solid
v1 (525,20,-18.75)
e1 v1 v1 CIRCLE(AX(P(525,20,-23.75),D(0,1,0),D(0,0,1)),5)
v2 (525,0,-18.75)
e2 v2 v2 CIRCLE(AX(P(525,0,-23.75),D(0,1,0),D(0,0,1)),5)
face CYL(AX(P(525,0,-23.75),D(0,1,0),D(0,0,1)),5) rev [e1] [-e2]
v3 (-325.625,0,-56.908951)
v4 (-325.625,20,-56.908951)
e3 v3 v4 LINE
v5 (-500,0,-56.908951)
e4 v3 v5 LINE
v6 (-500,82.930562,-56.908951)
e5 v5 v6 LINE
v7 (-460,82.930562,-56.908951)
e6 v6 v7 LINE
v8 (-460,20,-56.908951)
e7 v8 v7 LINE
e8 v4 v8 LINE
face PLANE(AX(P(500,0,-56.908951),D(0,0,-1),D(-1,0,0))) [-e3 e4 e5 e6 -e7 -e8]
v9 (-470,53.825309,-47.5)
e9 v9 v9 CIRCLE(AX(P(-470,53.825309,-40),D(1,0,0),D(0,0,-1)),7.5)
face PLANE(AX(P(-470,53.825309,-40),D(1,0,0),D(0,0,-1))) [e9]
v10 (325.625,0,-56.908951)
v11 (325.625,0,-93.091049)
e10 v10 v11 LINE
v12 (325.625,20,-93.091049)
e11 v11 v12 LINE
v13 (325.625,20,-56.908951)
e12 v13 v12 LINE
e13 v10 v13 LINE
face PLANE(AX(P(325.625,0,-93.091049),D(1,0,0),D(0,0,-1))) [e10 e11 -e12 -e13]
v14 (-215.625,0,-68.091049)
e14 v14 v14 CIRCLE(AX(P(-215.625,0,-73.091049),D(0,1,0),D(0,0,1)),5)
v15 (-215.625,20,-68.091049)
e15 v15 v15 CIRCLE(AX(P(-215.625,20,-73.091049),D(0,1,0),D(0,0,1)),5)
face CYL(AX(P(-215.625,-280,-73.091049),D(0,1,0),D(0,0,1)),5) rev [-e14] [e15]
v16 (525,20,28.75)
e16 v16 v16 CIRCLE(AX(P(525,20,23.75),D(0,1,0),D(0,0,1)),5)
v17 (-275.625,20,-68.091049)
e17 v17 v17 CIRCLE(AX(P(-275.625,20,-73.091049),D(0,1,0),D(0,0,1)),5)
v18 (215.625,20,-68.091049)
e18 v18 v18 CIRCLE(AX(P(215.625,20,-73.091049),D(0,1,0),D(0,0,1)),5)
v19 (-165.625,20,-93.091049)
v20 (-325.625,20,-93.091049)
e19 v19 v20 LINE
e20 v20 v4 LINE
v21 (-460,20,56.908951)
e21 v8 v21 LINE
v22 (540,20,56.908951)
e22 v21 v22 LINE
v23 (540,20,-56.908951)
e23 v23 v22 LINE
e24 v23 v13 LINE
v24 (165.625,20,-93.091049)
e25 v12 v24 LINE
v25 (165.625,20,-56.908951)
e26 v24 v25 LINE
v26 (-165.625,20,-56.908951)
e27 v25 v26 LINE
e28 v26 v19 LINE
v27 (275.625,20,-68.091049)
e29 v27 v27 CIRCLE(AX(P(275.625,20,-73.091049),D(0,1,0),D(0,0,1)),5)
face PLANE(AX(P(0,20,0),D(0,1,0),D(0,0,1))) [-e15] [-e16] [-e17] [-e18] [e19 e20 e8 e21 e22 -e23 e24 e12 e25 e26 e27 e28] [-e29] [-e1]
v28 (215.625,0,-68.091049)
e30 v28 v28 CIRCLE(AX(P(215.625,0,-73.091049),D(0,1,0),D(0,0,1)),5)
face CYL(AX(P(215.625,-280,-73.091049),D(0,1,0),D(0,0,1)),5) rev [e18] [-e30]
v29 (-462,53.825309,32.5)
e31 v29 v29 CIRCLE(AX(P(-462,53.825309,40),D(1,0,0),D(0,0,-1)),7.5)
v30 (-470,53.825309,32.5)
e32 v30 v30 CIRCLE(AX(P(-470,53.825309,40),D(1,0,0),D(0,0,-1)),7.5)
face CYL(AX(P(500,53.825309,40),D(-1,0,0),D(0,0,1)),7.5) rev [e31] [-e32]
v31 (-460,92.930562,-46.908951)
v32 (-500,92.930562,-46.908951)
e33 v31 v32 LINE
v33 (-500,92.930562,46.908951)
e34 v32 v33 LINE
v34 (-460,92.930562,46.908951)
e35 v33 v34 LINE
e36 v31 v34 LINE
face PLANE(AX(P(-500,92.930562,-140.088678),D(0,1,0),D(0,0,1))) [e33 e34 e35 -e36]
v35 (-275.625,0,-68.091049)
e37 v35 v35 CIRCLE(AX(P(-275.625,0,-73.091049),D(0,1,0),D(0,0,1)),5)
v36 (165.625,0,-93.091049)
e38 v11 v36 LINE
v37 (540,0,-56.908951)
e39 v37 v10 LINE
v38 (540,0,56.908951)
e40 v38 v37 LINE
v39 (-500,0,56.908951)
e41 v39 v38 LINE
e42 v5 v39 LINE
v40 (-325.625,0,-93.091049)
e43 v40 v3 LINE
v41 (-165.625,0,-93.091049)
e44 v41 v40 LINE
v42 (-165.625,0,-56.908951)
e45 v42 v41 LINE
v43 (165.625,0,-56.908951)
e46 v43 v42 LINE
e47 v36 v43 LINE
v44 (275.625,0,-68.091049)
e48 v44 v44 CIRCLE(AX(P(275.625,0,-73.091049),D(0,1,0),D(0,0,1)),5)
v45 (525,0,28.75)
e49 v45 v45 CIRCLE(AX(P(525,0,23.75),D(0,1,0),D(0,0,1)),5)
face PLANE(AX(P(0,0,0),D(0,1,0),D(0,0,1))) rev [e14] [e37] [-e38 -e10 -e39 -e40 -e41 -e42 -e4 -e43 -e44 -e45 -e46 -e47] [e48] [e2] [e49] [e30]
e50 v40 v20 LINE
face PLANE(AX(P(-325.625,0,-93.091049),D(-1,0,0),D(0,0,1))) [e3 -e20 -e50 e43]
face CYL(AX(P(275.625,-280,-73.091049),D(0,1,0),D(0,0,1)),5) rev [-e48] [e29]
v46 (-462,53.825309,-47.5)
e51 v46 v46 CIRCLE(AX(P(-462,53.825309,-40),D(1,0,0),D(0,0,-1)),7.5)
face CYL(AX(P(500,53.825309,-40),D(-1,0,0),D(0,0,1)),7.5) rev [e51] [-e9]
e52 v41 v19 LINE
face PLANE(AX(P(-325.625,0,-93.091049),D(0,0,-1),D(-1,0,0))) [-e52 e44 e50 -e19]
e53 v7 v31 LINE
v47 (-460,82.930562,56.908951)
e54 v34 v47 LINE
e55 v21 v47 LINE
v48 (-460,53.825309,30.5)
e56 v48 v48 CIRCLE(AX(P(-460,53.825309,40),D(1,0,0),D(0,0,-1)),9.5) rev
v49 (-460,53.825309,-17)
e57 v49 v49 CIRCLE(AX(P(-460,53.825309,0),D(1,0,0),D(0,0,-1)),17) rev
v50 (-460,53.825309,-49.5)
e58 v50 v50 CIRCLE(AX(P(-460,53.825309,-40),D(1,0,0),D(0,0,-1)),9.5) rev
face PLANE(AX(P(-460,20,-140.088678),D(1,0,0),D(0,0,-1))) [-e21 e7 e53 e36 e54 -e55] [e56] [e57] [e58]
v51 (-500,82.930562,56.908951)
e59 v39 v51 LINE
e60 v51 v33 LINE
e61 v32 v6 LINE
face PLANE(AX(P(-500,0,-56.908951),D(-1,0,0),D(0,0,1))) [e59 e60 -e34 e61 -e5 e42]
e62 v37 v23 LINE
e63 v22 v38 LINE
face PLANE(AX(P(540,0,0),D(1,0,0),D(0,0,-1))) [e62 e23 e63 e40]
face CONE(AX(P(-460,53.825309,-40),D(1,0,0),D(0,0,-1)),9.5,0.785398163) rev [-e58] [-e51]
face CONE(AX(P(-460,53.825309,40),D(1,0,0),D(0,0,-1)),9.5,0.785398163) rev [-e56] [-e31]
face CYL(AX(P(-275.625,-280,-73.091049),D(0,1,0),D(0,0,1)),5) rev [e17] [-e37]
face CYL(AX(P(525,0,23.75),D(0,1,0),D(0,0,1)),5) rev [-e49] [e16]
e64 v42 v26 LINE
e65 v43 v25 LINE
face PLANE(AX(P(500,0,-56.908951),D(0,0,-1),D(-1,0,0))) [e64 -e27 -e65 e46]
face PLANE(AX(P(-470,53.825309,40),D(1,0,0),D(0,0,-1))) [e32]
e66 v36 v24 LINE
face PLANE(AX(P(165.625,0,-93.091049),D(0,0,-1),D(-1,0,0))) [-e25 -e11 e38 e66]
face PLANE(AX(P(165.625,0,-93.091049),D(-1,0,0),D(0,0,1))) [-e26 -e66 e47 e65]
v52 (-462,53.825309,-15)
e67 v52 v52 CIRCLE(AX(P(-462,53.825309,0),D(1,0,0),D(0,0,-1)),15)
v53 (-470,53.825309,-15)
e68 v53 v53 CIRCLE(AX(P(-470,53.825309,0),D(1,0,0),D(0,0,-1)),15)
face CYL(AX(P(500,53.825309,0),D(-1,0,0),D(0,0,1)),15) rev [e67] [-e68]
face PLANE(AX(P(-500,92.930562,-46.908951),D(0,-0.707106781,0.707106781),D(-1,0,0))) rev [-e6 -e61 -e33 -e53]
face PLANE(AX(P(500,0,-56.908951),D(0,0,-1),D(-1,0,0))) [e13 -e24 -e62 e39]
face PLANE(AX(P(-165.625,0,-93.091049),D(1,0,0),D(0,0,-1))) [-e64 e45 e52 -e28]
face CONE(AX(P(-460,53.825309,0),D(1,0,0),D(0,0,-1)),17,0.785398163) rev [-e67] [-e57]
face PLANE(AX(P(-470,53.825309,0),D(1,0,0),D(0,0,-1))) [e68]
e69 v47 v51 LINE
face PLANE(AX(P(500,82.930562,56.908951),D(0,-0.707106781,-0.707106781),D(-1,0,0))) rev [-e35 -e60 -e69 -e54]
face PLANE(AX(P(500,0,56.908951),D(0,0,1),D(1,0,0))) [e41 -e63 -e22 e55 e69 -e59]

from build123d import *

# Parameters (mm, degrees)
SKETCH_1_W               = 211.216150174
SKETCH_1_H               = 56.943071366
EXTRUDE_1_DEPTH          = 20
SKETCH_2_W               = 1000
SKETCH_2_H               = 113.81790299
EXTRUDE_2_DEPTH          = 20
SKETCH_3_W               = 160
SKETCH_3_H               = 36.18209701
EXTRUDE_3_DEPTH          = 20
SKETCH_4_W               = 160
SKETCH_4_H               = 36.18209701
EXTRUDE_4_DEPTH          = 20
SKETCH_5_W               = 40
SKETCH_5_H               = 72.930561876
EXTRUDE_5_DEPTH          = 113.817902989
CUT_EXTRUDE_1_DEPTH      = 969.969572609
CUT_EXTRUDE_1_DEPTH_BACK = 10
SKETCH_6_R               = 15
SKETCH_6_R_2             = 7.5
SKETCH_7_W               = 113.81790299
SKETCH_7_H               = 20
EXTRUDE_6_DEPTH          = 40
CUT_EXTRUDE_2_DEPTH      = 553.797259551
CUT_EXTRUDE_2_DEPTH_BACK = 553.797259551
SKETCH_8_R               = 5
CHAMFER_1_SIZE           = 10
CHAMFER_2_SIZE           = 2
SKETCH_9_R               = 5
CUT_EXTRUDE_3_DEPTH      = 300


with BuildPart() as part:
    # 草图1 → 凸台-拉伸1 (new body)
    with BuildSketch(Plane(origin=(0, 0, 0), x_dir=(1, 0, 0), z_dir=(0, 1, 0))):
        Rectangle(SKETCH_1_W, SKETCH_1_H)
    extrude(amount=EXTRUDE_1_DEPTH)

    # 草图2 → 凸台-拉伸2 (add)
    with BuildSketch(Plane(origin=(0, 20, 0), x_dir=(1, 0, 0), z_dir=(0, 1, 0))):
        Rectangle(SKETCH_2_W, SKETCH_2_H)
    extrude(amount=-EXTRUDE_2_DEPTH)

    # 草图3 → 凸台-拉伸3 (add)
    with BuildSketch(Plane(origin=(0, 20, 0), x_dir=(1, 0, 0), z_dir=(0, 1, 0))):
        with Locations((-245.625, 75)):
            Rectangle(SKETCH_3_W, SKETCH_3_H)
    extrude(amount=-EXTRUDE_3_DEPTH)

    # 草图4 → 凸台-拉伸4 (add)
    with BuildSketch(Plane(origin=(0, 20, 0), x_dir=(1, 0, 0), z_dir=(0, 1, 0))):
        with Locations((245.625, 75)):
            Rectangle(SKETCH_4_W, SKETCH_4_H)
    extrude(amount=-EXTRUDE_4_DEPTH)

    # 草图5 → 凸台-拉伸5 (add)
    with BuildSketch(Plane.XY.offset(56.908951495)):
        with Locations((-480, 56.465280938)):
            Rectangle(SKETCH_5_W, SKETCH_5_H)
    extrude(amount=-EXTRUDE_5_DEPTH)

    # 草图6 → 切除-拉伸1 (cut, two sides: drawn at the far end of the back side and taken through both)
    with BuildSketch(Plane(origin=(-460, 0, 0), x_dir=(0, 0, -1), z_dir=(1, 0, 0)).offset(-CUT_EXTRUDE_1_DEPTH_BACK)):
        with Locations((0, 53.825309314)):
            Circle(SKETCH_6_R)
        with Locations((40, 53.825309314)):
            Circle(SKETCH_6_R_2)
        with Locations((-40, 53.825309314)):
            Circle(SKETCH_6_R_2)
    extrude(amount=CUT_EXTRUDE_1_DEPTH + CUT_EXTRUDE_1_DEPTH_BACK, mode=Mode.SUBTRACT)

    # 草图7 → 凸台-拉伸6 (add)
    with BuildSketch(Plane(origin=(500, 0, 0), x_dir=(0, 0, -1), z_dir=(1, 0, 0))):
        with Locations((0, 10)):
            Rectangle(SKETCH_7_W, SKETCH_7_H)
    extrude(amount=EXTRUDE_6_DEPTH)

    # 草图8 → 切除-拉伸2 (cut, two sides: drawn at the far end of the back side and taken through both)
    with BuildSketch(Plane(origin=(0, 20, 0), x_dir=(1, 0, 0), z_dir=(0, 1, 0)).offset(-CUT_EXTRUDE_2_DEPTH_BACK)):
        with Locations(Location((525, 23.75, 0), (0, 0, 270))):
            Circle(SKETCH_8_R)
        with Locations(Location((525, -23.75, 0), (0, 0, 270))):
            Circle(SKETCH_8_R)
    extrude(amount=CUT_EXTRUDE_2_DEPTH + CUT_EXTRUDE_2_DEPTH_BACK, mode=Mode.SUBTRACT)

    # 倒角1
    chamfer_1_edges = [part.edges().sort_by_distance(p)[0] for p in [
        (-480, 92.930561876, 56.908951495),
        (-480, 92.930561876, -56.908951494),
    ]]
    chamfer(chamfer_1_edges, length=CHAMFER_1_SIZE)

    # 倒角2
    chamfer_2_edges = [part.edges().sort_by_distance(p)[0] for p in [
        (-460, 53.825309314, 47.5),
        (-460, 53.825309314, -32.5),
        (-460, 53.825309314, 15),
    ]]
    chamfer(chamfer_2_edges, length=CHAMFER_2_SIZE)

    # 草图9 → 切除-拉伸3 (cut)
    with BuildSketch(Plane(origin=(0, 20, 0), x_dir=(1, 0, 0), z_dir=(0, 1, 0))):
        with Locations(Location((-275.625, 73.091048505, 0), (0, 0, 270))):
            Circle(SKETCH_9_R)
        with Locations(Location((-215.625, 73.091048505, 0), (0, 0, 270))):
            Circle(SKETCH_9_R)
        with Locations(Location((215.625, 73.091048505, 0), (0, 0, 270))):
            Circle(SKETCH_9_R)
        with Locations(Location((275.625, 73.091048505, 0), (0, 0, 270))):
            Circle(SKETCH_9_R)
    extrude(amount=-CUT_EXTRUDE_3_DEPTH, mode=Mode.SUBTRACT)


solid = part.part
